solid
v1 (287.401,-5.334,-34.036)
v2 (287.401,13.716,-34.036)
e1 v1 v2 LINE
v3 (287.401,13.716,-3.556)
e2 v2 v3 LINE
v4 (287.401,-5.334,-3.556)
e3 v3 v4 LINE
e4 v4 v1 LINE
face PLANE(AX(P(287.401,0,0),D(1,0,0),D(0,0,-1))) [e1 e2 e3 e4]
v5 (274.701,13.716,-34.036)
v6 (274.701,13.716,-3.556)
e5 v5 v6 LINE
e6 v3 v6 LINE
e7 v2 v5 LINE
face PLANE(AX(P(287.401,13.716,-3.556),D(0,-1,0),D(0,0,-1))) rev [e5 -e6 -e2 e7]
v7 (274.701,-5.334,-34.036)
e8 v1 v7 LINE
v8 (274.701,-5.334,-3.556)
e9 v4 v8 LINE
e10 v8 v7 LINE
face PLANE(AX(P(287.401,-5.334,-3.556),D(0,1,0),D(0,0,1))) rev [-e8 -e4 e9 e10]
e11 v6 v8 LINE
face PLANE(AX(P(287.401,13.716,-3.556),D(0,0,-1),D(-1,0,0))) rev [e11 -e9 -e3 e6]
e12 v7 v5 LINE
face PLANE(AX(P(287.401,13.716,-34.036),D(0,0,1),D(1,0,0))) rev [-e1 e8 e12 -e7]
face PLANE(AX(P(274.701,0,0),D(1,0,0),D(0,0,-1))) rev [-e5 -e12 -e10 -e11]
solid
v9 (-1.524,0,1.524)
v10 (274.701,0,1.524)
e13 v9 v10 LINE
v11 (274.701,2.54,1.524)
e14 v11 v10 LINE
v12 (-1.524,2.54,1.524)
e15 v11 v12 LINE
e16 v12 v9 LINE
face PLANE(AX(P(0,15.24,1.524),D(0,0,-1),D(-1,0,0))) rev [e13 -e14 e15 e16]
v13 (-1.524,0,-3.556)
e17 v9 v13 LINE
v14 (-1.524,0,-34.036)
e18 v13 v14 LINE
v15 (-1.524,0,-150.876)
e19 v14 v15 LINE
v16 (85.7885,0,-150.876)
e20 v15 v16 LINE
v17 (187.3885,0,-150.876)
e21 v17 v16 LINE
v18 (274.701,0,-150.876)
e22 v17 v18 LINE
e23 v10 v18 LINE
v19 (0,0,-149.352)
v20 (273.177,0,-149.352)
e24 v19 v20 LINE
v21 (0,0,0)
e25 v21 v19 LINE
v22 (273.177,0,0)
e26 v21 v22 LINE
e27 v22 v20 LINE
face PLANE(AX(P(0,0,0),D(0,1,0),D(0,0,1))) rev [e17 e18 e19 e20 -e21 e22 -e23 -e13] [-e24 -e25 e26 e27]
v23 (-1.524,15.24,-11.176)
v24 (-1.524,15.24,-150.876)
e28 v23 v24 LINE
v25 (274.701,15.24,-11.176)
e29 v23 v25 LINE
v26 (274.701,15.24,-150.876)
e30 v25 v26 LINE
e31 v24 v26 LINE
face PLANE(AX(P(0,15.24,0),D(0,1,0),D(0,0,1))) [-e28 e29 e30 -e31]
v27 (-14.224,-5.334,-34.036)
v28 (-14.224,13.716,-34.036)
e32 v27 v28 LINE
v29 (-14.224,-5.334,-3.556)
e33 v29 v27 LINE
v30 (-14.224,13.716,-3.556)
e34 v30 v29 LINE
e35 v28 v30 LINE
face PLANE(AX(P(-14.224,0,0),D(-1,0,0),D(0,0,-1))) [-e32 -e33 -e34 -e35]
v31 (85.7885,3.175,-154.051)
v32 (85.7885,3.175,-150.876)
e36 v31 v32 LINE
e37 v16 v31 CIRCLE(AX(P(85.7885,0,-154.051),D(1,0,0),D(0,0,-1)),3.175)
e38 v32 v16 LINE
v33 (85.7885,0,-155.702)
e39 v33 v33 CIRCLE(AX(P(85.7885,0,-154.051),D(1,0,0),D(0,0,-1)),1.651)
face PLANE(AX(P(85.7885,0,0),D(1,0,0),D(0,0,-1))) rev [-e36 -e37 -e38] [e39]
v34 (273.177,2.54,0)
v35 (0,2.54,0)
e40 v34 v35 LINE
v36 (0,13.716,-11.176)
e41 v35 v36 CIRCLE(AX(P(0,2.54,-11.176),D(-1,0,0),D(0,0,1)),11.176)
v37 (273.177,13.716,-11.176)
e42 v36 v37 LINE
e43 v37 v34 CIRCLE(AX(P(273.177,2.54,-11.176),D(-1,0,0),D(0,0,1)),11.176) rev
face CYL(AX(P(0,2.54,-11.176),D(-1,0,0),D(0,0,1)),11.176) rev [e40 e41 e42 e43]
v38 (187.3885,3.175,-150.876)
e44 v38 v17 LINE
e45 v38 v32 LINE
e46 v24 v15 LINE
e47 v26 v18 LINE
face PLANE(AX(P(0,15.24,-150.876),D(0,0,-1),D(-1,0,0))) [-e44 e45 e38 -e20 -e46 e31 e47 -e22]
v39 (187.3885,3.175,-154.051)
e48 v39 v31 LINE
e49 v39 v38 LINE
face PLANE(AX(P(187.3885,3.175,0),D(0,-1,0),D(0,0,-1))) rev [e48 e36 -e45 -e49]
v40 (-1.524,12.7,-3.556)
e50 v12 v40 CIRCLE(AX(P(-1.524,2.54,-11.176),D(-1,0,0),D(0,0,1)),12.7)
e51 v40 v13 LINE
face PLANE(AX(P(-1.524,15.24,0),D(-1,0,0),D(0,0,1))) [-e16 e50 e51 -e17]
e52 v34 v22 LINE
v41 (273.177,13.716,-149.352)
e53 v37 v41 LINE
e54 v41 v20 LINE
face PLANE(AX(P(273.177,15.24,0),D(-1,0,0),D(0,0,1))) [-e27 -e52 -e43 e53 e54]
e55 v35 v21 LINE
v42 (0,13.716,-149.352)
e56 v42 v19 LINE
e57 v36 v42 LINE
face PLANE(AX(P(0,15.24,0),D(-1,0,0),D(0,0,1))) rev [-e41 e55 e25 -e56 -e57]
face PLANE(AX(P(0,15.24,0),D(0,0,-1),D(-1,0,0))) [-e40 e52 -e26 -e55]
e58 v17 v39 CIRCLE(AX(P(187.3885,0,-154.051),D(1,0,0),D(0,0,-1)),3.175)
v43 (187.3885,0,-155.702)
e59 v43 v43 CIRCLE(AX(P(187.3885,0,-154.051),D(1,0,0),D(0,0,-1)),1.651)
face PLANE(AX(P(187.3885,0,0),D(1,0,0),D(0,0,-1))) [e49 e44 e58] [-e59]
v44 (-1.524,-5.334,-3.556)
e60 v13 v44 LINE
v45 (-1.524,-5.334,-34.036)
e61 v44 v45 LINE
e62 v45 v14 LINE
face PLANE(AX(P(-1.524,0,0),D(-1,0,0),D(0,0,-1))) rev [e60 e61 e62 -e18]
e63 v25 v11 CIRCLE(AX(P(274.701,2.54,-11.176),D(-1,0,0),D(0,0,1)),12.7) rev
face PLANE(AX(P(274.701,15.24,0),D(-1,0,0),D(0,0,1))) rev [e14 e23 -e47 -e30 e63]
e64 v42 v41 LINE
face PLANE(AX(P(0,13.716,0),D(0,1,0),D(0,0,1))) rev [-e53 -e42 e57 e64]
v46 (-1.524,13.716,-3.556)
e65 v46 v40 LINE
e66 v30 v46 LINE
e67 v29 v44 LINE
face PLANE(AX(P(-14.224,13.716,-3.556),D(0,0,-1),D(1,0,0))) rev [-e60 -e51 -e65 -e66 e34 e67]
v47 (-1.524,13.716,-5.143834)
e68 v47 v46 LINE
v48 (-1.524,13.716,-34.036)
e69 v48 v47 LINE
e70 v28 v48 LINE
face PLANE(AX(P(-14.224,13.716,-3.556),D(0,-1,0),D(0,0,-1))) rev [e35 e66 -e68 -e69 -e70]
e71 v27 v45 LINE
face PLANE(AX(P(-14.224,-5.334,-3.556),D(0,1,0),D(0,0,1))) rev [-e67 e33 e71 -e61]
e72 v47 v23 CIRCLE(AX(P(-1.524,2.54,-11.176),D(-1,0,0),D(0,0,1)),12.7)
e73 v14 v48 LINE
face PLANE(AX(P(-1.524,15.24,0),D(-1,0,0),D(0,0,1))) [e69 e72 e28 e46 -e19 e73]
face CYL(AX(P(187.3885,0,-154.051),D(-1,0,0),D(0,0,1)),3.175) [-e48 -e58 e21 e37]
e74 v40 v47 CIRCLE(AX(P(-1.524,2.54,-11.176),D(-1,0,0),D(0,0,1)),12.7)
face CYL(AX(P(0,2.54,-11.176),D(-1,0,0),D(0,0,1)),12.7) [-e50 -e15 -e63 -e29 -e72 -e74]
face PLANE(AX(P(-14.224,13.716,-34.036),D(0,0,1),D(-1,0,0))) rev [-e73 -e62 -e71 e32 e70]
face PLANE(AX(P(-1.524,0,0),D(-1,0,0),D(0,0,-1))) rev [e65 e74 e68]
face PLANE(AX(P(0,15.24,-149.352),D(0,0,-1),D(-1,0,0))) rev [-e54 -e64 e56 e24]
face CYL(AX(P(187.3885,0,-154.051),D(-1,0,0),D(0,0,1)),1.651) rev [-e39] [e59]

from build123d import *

# Parameters (mm, degrees)
SKETCH1_W                            = 276.225
SKETCH1_H                            = 152.4
SKETCH1_W_2                          = 273.177
SKETCH1_H_2                          = 149.352
BULK_EXTRUDE_DEPTH                   = 15.24
FILLET1_R                            = 12.7
SHELL_T                              = -1.524
SKETCH2_R                            = 1.651
BOSS_EXTRUDE3_DEPTH                  = 50.8
SKETCH3_W                            = 30.48
SKETCH3_H                            = 19.05
LATCH_CLEAR_HOOK_RIGHT_EXTRUDE_DEPTH = 12.7


with BuildPart() as part:
    # Sketch1 → Bulk-Extrude (new body)
    with BuildSketch(Plane(origin=(0, 0, 0), x_dir=(1, 0, 0), z_dir=(0, 1, 0))):
        with Locations((136.5885, 74.676)):
            Rectangle(SKETCH1_W, SKETCH1_H)
        with Locations((136.5885, 74.676)):
            Rectangle(SKETCH1_W_2, SKETCH1_H_2, mode=Mode.SUBTRACT)
        with Locations((136.5885, 74.676)):
            Rectangle(SKETCH1_W_2, SKETCH1_H_2)
    extrude(amount=BULK_EXTRUDE_DEPTH)

    # Fillet1
    fillet1_edges = [part.edges().sort_by_distance(p)[0] for p in [
        (136.5885, 15.24, 1.524),
    ]]
    fillet(fillet1_edges, radius=FILLET1_R)

    # Shell
    shell_openings = [part.faces().sort_by_distance(p)[0] for p in [
        (136.5885, 0, -74.676),
    ]]
    offset(amount=SHELL_T, openings=shell_openings, kind=Kind.INTERSECTION)

    # Sketch2 → Boss-Extrude3 (add, symmetric)
    with BuildSketch(Plane(origin=(136.5885, 0, 0), x_dir=(0, 0, -1), z_dir=(1, 0, 0))):
        with BuildLine():
            Line((150.876, 3.175), (150.876, 0))
            ThreePointArc((150.876, 0), (156.29606403, -2.24506403), (154.051, 3.175))
            Line((154.051, 3.175), (150.876, 3.175))
        make_face()
        with Locations((154.051, 0)):
            Circle(SKETCH2_R, mode=Mode.SUBTRACT)
    extrude(amount=BOSS_EXTRUDE3_DEPTH, both=True)


with BuildPart() as body_2:
    # Sketch3 → Latch Clear. Hook, Right-Extrude (new body)
    with BuildSketch(Plane(origin=(274.701, 0, 0), x_dir=(0, 0, -1), z_dir=(1, 0, 0))):
        with Locations((18.796, 4.191)):
            Rectangle(SKETCH3_W, SKETCH3_H)
    latch_clear_hook_right_extrude = extrude(amount=LATCH_CLEAR_HOOK_RIGHT_EXTRUDE_DEPTH)


with BuildPart() as part_1:
    add(part.part)

    # Latch Clear. Hook, Left-Mirror: Latch Clear. Hook, Right-Extrude across plane
    add(latch_clear_hook_right_extrude.mirror(Plane(origin=(136.5885, 0, 0), x_dir=(0, 0, 1), z_dir=(1, 0, 0))))


solid = Compound([body_2.part, part_1.part])
